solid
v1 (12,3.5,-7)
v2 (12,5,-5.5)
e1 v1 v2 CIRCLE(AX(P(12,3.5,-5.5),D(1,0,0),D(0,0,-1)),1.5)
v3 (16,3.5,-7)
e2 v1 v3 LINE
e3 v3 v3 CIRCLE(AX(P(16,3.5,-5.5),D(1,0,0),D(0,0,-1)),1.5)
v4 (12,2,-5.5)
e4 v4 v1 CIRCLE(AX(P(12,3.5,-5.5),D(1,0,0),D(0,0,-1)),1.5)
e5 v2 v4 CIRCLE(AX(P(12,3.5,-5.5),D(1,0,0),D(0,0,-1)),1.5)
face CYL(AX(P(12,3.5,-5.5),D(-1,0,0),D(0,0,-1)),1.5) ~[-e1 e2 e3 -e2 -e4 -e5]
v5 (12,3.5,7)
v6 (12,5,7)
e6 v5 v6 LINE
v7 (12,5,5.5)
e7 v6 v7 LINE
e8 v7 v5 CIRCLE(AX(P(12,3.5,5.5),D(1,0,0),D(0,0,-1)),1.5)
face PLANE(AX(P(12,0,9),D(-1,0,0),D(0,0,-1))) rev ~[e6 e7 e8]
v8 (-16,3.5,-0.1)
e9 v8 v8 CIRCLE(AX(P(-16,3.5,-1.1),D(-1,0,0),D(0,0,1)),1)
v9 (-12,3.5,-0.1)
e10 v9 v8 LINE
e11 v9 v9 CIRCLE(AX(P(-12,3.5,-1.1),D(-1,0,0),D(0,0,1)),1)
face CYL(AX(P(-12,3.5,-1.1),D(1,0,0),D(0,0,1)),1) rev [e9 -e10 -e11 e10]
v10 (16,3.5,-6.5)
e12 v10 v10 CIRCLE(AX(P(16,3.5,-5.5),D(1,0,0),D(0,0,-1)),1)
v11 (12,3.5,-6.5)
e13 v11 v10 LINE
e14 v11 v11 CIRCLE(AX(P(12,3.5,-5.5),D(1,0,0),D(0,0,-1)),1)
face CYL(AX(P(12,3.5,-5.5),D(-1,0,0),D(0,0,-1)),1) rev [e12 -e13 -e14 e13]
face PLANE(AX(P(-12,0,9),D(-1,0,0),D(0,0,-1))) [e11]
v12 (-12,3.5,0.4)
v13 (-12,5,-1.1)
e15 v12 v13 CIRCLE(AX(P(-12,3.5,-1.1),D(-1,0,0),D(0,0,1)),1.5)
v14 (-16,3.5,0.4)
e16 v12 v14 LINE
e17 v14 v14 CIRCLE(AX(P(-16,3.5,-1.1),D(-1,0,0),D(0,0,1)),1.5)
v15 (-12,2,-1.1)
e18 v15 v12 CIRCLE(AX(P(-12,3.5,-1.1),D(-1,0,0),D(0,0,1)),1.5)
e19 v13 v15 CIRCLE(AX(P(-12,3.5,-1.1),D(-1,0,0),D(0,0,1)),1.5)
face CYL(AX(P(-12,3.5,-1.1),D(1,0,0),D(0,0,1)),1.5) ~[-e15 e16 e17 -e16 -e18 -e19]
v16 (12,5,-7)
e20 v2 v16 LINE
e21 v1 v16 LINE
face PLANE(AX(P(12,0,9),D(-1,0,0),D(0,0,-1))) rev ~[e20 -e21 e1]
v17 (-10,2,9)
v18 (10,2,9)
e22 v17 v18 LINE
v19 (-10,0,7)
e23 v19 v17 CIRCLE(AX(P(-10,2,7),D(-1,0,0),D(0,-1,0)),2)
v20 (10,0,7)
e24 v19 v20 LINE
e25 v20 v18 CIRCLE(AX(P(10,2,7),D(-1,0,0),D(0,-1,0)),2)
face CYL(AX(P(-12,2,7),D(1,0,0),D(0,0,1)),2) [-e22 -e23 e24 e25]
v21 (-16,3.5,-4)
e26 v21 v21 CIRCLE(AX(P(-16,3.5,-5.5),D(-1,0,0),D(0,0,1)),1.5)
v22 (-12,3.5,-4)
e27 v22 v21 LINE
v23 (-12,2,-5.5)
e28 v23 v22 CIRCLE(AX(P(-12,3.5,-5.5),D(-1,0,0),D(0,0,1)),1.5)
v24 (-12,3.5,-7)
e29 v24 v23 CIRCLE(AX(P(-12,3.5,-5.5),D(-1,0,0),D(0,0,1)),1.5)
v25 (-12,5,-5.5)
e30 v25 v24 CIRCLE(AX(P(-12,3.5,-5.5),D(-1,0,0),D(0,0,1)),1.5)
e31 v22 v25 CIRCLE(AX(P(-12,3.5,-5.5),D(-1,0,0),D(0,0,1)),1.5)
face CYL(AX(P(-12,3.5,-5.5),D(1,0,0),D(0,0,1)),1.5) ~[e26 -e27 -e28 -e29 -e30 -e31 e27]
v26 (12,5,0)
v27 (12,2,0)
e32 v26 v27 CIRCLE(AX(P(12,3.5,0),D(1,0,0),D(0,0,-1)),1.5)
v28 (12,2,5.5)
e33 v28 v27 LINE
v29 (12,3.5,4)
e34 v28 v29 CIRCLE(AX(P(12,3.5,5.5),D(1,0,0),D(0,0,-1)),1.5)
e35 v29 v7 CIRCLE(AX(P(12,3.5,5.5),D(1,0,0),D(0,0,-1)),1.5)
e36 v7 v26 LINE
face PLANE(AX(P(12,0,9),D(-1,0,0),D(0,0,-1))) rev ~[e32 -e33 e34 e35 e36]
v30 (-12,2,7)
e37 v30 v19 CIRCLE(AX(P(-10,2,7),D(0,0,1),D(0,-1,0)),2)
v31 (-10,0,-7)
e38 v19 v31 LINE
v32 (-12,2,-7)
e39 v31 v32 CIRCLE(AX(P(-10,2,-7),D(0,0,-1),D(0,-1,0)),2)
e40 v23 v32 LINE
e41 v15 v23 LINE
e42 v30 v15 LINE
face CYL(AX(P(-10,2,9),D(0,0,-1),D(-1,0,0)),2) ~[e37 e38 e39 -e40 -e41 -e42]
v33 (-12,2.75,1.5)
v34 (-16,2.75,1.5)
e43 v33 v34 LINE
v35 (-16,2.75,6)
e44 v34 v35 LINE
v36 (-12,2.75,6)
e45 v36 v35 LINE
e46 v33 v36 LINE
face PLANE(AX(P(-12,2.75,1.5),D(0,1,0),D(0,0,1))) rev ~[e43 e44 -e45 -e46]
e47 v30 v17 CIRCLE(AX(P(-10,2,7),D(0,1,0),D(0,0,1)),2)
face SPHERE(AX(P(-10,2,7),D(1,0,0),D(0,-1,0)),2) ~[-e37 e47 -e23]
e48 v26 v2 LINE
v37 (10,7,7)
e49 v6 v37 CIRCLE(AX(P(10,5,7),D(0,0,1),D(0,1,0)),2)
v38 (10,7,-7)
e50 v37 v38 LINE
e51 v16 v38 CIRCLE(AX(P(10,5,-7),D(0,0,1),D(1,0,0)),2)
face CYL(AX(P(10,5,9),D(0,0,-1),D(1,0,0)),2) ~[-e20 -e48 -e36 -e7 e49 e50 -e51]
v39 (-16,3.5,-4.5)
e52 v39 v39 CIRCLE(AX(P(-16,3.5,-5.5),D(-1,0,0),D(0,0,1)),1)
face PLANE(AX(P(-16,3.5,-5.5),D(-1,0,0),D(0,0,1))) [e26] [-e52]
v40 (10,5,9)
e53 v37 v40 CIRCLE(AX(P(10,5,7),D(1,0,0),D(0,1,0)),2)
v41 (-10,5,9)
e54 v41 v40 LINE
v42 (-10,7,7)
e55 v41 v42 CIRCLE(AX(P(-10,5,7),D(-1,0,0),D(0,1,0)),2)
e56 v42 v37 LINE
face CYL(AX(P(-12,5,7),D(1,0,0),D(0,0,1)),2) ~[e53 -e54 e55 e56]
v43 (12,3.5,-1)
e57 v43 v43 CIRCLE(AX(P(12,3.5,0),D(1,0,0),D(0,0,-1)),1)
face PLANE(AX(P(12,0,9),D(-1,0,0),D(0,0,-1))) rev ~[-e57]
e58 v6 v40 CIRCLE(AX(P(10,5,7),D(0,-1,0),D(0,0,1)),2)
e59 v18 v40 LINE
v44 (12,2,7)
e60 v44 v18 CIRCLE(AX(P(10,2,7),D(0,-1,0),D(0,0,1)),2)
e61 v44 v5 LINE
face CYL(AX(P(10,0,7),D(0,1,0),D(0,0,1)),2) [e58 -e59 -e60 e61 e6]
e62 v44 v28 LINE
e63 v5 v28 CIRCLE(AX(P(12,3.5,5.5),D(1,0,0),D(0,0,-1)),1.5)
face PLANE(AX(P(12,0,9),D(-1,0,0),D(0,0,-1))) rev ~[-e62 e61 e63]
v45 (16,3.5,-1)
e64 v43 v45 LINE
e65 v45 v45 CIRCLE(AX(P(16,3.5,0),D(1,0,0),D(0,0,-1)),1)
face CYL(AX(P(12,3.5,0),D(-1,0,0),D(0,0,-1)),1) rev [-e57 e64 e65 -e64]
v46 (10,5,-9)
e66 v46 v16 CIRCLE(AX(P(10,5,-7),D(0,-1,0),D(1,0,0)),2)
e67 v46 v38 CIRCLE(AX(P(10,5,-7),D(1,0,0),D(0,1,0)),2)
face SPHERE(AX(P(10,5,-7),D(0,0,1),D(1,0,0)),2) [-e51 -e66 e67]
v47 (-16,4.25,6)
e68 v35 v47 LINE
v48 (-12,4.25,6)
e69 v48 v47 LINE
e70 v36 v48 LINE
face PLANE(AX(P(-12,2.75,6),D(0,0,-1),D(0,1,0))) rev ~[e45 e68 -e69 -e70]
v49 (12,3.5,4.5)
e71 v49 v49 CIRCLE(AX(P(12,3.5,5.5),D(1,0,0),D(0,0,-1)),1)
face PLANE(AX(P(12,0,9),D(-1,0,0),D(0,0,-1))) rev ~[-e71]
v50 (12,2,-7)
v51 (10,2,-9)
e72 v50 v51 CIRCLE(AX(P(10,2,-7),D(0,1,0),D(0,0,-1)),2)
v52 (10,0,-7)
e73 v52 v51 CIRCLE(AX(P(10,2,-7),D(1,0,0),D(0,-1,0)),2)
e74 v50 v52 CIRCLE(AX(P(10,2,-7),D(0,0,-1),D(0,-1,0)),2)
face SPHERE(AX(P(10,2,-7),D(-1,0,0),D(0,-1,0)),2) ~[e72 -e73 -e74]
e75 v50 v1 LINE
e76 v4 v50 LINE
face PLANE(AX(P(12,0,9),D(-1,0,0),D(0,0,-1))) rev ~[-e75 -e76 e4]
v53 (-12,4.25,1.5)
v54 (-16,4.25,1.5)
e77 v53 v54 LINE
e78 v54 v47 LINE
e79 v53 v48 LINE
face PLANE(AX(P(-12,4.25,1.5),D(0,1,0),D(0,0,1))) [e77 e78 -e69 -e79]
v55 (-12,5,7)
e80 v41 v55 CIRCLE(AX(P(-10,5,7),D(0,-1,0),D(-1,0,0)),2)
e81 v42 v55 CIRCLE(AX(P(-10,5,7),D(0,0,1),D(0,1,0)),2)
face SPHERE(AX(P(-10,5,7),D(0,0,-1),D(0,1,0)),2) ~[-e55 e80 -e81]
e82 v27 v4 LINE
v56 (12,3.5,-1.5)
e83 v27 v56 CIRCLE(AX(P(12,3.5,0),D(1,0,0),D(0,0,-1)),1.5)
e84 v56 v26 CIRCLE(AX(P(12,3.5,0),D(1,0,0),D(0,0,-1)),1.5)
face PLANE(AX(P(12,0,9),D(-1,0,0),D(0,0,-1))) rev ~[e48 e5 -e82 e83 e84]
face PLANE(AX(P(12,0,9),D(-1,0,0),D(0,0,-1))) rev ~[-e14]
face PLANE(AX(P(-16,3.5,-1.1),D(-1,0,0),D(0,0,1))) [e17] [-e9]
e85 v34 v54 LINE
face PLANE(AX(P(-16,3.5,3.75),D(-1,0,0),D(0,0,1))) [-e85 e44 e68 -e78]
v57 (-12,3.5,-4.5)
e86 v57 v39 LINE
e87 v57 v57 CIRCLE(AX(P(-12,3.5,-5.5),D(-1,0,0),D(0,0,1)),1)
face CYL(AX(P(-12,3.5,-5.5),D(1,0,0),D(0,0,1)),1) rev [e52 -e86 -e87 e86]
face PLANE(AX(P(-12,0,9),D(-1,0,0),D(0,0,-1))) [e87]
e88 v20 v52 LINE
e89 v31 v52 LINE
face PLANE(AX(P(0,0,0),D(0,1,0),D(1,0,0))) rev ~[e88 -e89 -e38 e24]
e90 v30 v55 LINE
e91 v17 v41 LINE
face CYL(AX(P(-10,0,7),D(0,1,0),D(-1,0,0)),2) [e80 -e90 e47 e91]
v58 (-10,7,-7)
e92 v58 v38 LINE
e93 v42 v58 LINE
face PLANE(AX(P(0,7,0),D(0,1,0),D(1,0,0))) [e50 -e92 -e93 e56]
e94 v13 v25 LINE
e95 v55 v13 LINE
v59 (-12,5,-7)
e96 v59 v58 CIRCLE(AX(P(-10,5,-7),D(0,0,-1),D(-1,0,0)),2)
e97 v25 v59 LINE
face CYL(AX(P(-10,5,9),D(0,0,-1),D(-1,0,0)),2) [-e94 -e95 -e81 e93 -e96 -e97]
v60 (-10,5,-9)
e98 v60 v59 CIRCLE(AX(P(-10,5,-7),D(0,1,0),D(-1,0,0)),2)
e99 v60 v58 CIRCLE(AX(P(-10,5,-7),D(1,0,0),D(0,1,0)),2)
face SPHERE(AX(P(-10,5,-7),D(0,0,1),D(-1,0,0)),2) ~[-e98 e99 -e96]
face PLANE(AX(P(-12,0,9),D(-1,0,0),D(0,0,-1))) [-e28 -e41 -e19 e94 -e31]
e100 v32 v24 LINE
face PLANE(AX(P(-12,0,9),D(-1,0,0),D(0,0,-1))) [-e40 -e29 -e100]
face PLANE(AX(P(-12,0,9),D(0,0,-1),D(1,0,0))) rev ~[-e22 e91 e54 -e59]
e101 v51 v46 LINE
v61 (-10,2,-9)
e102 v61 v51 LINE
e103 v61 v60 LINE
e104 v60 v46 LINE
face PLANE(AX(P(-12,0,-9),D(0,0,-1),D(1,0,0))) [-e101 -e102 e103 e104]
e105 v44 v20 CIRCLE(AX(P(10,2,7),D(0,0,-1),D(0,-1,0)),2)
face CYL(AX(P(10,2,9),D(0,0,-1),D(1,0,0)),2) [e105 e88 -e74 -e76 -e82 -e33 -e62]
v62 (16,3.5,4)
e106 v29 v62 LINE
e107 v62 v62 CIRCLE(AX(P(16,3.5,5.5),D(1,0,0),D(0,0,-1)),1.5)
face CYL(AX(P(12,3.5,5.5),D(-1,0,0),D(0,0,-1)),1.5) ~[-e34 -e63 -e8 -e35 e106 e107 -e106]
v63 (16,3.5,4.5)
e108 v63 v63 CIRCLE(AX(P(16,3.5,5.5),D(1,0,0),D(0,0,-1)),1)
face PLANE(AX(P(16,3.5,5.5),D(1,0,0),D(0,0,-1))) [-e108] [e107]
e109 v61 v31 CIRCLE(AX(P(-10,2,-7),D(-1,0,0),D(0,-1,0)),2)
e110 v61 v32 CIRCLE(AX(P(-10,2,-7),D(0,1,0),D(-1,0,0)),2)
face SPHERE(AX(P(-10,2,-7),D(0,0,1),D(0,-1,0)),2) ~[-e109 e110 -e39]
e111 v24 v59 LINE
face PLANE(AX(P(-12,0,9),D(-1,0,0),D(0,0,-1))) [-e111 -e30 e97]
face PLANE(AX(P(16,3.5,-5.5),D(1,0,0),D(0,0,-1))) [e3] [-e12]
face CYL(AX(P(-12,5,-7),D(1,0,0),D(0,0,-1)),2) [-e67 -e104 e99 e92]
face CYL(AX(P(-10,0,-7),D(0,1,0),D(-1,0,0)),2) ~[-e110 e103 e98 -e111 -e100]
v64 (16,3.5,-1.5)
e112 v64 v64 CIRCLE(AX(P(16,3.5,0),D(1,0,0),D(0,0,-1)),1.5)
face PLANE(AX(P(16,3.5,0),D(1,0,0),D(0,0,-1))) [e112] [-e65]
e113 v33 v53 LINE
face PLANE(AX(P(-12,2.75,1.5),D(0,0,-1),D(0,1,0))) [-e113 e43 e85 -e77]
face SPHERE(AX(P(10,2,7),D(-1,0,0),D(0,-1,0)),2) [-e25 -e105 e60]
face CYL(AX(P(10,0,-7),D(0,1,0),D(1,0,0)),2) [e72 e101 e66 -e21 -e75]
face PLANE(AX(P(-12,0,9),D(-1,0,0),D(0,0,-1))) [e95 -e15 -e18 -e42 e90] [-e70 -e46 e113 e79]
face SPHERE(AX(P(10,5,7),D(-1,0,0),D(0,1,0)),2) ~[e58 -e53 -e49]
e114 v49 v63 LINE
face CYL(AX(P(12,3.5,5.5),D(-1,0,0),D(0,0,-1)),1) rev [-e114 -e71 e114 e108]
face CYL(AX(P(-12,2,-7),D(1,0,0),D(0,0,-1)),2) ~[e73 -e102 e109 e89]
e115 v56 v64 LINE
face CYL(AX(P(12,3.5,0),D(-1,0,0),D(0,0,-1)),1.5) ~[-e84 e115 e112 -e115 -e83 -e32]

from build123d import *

# Parameters (mm, degrees)
SKETCH1_W           = 24
SKETCH1_H           = 18
BOSS_EXTRUDE1_DEPTH = 7
FILLET2_R           = 2
SKETCH2_R           = 1.5
SKETCH2_R_2         = 1
BOSS_EXTRUDE2_DEPTH = 4
SKETCH3_R           = 1.5
SKETCH3_R_2         = 1
SKETCH3_W           = 4.5
SKETCH3_H           = 1.5
BOSS_EXTRUDE3_DEPTH = 4


with BuildPart() as part:
    # Sketch1 → Boss-Extrude1 (new body)
    with BuildSketch(Plane(origin=(0, 0, 0), x_dir=(1, 0, 0), z_dir=(0, 1, 0))):
        Rectangle(SKETCH1_W, SKETCH1_H)
    extrude(amount=BOSS_EXTRUDE1_DEPTH)

    # Fillet2
    fillet2_edges = [part.edges().sort_by_distance(p)[0] for p in [
        (-12, 7, 0),
        (0, 7, 9),
        (12, 7, 0),
        (0, 0, 9),
        (-12, 0, 0),
        (0, 0, -9),
        (12, 0, 0),
        (12, 3.5, 9),
        (-12, 3.5, 9),
        (-12, 3.5, -9),
        (12, 3.5, -9),
        (0, 7, -9),
    ]]
    fillet(fillet2_edges, radius=FILLET2_R)

    # Sketch2 → Boss-Extrude2 (add)
    with BuildSketch(Plane(origin=(12, 0, 0), x_dir=(0, 0, -1), z_dir=(1, 0, 0))):
        with Locations((-5.5, 3.5)):
            Circle(SKETCH2_R)
        with Locations((-5.5, 3.5)):
            Circle(SKETCH2_R_2, mode=Mode.SUBTRACT)
        with Locations((0, 3.5)):
            Circle(SKETCH2_R)
        with Locations((0, 3.5)):
            Circle(SKETCH2_R_2, mode=Mode.SUBTRACT)
        with Locations((5.5, 3.5)):
            Circle(SKETCH2_R)
        with Locations((5.5, 3.5)):
            Circle(SKETCH2_R_2, mode=Mode.SUBTRACT)
    extrude(amount=BOSS_EXTRUDE2_DEPTH)

    # Sketch3 → Boss-Extrude3 (add)
    with BuildSketch(Plane.ZY.offset(12)):
        with Locations((-5.5, 3.5)):
            Circle(SKETCH3_R)
        with Locations((-5.5, 3.5)):
            Circle(SKETCH3_R_2, mode=Mode.SUBTRACT)
        with Locations((-1.1, 3.5)):
            Circle(SKETCH3_R)
        with Locations((-1.1, 3.5)):
            Circle(SKETCH3_R_2, mode=Mode.SUBTRACT)
        with Locations((3.75, 3.5)):
            Rectangle(SKETCH3_W, SKETCH3_H)
    extrude(amount=BOSS_EXTRUDE3_DEPTH)


solid = part.part
